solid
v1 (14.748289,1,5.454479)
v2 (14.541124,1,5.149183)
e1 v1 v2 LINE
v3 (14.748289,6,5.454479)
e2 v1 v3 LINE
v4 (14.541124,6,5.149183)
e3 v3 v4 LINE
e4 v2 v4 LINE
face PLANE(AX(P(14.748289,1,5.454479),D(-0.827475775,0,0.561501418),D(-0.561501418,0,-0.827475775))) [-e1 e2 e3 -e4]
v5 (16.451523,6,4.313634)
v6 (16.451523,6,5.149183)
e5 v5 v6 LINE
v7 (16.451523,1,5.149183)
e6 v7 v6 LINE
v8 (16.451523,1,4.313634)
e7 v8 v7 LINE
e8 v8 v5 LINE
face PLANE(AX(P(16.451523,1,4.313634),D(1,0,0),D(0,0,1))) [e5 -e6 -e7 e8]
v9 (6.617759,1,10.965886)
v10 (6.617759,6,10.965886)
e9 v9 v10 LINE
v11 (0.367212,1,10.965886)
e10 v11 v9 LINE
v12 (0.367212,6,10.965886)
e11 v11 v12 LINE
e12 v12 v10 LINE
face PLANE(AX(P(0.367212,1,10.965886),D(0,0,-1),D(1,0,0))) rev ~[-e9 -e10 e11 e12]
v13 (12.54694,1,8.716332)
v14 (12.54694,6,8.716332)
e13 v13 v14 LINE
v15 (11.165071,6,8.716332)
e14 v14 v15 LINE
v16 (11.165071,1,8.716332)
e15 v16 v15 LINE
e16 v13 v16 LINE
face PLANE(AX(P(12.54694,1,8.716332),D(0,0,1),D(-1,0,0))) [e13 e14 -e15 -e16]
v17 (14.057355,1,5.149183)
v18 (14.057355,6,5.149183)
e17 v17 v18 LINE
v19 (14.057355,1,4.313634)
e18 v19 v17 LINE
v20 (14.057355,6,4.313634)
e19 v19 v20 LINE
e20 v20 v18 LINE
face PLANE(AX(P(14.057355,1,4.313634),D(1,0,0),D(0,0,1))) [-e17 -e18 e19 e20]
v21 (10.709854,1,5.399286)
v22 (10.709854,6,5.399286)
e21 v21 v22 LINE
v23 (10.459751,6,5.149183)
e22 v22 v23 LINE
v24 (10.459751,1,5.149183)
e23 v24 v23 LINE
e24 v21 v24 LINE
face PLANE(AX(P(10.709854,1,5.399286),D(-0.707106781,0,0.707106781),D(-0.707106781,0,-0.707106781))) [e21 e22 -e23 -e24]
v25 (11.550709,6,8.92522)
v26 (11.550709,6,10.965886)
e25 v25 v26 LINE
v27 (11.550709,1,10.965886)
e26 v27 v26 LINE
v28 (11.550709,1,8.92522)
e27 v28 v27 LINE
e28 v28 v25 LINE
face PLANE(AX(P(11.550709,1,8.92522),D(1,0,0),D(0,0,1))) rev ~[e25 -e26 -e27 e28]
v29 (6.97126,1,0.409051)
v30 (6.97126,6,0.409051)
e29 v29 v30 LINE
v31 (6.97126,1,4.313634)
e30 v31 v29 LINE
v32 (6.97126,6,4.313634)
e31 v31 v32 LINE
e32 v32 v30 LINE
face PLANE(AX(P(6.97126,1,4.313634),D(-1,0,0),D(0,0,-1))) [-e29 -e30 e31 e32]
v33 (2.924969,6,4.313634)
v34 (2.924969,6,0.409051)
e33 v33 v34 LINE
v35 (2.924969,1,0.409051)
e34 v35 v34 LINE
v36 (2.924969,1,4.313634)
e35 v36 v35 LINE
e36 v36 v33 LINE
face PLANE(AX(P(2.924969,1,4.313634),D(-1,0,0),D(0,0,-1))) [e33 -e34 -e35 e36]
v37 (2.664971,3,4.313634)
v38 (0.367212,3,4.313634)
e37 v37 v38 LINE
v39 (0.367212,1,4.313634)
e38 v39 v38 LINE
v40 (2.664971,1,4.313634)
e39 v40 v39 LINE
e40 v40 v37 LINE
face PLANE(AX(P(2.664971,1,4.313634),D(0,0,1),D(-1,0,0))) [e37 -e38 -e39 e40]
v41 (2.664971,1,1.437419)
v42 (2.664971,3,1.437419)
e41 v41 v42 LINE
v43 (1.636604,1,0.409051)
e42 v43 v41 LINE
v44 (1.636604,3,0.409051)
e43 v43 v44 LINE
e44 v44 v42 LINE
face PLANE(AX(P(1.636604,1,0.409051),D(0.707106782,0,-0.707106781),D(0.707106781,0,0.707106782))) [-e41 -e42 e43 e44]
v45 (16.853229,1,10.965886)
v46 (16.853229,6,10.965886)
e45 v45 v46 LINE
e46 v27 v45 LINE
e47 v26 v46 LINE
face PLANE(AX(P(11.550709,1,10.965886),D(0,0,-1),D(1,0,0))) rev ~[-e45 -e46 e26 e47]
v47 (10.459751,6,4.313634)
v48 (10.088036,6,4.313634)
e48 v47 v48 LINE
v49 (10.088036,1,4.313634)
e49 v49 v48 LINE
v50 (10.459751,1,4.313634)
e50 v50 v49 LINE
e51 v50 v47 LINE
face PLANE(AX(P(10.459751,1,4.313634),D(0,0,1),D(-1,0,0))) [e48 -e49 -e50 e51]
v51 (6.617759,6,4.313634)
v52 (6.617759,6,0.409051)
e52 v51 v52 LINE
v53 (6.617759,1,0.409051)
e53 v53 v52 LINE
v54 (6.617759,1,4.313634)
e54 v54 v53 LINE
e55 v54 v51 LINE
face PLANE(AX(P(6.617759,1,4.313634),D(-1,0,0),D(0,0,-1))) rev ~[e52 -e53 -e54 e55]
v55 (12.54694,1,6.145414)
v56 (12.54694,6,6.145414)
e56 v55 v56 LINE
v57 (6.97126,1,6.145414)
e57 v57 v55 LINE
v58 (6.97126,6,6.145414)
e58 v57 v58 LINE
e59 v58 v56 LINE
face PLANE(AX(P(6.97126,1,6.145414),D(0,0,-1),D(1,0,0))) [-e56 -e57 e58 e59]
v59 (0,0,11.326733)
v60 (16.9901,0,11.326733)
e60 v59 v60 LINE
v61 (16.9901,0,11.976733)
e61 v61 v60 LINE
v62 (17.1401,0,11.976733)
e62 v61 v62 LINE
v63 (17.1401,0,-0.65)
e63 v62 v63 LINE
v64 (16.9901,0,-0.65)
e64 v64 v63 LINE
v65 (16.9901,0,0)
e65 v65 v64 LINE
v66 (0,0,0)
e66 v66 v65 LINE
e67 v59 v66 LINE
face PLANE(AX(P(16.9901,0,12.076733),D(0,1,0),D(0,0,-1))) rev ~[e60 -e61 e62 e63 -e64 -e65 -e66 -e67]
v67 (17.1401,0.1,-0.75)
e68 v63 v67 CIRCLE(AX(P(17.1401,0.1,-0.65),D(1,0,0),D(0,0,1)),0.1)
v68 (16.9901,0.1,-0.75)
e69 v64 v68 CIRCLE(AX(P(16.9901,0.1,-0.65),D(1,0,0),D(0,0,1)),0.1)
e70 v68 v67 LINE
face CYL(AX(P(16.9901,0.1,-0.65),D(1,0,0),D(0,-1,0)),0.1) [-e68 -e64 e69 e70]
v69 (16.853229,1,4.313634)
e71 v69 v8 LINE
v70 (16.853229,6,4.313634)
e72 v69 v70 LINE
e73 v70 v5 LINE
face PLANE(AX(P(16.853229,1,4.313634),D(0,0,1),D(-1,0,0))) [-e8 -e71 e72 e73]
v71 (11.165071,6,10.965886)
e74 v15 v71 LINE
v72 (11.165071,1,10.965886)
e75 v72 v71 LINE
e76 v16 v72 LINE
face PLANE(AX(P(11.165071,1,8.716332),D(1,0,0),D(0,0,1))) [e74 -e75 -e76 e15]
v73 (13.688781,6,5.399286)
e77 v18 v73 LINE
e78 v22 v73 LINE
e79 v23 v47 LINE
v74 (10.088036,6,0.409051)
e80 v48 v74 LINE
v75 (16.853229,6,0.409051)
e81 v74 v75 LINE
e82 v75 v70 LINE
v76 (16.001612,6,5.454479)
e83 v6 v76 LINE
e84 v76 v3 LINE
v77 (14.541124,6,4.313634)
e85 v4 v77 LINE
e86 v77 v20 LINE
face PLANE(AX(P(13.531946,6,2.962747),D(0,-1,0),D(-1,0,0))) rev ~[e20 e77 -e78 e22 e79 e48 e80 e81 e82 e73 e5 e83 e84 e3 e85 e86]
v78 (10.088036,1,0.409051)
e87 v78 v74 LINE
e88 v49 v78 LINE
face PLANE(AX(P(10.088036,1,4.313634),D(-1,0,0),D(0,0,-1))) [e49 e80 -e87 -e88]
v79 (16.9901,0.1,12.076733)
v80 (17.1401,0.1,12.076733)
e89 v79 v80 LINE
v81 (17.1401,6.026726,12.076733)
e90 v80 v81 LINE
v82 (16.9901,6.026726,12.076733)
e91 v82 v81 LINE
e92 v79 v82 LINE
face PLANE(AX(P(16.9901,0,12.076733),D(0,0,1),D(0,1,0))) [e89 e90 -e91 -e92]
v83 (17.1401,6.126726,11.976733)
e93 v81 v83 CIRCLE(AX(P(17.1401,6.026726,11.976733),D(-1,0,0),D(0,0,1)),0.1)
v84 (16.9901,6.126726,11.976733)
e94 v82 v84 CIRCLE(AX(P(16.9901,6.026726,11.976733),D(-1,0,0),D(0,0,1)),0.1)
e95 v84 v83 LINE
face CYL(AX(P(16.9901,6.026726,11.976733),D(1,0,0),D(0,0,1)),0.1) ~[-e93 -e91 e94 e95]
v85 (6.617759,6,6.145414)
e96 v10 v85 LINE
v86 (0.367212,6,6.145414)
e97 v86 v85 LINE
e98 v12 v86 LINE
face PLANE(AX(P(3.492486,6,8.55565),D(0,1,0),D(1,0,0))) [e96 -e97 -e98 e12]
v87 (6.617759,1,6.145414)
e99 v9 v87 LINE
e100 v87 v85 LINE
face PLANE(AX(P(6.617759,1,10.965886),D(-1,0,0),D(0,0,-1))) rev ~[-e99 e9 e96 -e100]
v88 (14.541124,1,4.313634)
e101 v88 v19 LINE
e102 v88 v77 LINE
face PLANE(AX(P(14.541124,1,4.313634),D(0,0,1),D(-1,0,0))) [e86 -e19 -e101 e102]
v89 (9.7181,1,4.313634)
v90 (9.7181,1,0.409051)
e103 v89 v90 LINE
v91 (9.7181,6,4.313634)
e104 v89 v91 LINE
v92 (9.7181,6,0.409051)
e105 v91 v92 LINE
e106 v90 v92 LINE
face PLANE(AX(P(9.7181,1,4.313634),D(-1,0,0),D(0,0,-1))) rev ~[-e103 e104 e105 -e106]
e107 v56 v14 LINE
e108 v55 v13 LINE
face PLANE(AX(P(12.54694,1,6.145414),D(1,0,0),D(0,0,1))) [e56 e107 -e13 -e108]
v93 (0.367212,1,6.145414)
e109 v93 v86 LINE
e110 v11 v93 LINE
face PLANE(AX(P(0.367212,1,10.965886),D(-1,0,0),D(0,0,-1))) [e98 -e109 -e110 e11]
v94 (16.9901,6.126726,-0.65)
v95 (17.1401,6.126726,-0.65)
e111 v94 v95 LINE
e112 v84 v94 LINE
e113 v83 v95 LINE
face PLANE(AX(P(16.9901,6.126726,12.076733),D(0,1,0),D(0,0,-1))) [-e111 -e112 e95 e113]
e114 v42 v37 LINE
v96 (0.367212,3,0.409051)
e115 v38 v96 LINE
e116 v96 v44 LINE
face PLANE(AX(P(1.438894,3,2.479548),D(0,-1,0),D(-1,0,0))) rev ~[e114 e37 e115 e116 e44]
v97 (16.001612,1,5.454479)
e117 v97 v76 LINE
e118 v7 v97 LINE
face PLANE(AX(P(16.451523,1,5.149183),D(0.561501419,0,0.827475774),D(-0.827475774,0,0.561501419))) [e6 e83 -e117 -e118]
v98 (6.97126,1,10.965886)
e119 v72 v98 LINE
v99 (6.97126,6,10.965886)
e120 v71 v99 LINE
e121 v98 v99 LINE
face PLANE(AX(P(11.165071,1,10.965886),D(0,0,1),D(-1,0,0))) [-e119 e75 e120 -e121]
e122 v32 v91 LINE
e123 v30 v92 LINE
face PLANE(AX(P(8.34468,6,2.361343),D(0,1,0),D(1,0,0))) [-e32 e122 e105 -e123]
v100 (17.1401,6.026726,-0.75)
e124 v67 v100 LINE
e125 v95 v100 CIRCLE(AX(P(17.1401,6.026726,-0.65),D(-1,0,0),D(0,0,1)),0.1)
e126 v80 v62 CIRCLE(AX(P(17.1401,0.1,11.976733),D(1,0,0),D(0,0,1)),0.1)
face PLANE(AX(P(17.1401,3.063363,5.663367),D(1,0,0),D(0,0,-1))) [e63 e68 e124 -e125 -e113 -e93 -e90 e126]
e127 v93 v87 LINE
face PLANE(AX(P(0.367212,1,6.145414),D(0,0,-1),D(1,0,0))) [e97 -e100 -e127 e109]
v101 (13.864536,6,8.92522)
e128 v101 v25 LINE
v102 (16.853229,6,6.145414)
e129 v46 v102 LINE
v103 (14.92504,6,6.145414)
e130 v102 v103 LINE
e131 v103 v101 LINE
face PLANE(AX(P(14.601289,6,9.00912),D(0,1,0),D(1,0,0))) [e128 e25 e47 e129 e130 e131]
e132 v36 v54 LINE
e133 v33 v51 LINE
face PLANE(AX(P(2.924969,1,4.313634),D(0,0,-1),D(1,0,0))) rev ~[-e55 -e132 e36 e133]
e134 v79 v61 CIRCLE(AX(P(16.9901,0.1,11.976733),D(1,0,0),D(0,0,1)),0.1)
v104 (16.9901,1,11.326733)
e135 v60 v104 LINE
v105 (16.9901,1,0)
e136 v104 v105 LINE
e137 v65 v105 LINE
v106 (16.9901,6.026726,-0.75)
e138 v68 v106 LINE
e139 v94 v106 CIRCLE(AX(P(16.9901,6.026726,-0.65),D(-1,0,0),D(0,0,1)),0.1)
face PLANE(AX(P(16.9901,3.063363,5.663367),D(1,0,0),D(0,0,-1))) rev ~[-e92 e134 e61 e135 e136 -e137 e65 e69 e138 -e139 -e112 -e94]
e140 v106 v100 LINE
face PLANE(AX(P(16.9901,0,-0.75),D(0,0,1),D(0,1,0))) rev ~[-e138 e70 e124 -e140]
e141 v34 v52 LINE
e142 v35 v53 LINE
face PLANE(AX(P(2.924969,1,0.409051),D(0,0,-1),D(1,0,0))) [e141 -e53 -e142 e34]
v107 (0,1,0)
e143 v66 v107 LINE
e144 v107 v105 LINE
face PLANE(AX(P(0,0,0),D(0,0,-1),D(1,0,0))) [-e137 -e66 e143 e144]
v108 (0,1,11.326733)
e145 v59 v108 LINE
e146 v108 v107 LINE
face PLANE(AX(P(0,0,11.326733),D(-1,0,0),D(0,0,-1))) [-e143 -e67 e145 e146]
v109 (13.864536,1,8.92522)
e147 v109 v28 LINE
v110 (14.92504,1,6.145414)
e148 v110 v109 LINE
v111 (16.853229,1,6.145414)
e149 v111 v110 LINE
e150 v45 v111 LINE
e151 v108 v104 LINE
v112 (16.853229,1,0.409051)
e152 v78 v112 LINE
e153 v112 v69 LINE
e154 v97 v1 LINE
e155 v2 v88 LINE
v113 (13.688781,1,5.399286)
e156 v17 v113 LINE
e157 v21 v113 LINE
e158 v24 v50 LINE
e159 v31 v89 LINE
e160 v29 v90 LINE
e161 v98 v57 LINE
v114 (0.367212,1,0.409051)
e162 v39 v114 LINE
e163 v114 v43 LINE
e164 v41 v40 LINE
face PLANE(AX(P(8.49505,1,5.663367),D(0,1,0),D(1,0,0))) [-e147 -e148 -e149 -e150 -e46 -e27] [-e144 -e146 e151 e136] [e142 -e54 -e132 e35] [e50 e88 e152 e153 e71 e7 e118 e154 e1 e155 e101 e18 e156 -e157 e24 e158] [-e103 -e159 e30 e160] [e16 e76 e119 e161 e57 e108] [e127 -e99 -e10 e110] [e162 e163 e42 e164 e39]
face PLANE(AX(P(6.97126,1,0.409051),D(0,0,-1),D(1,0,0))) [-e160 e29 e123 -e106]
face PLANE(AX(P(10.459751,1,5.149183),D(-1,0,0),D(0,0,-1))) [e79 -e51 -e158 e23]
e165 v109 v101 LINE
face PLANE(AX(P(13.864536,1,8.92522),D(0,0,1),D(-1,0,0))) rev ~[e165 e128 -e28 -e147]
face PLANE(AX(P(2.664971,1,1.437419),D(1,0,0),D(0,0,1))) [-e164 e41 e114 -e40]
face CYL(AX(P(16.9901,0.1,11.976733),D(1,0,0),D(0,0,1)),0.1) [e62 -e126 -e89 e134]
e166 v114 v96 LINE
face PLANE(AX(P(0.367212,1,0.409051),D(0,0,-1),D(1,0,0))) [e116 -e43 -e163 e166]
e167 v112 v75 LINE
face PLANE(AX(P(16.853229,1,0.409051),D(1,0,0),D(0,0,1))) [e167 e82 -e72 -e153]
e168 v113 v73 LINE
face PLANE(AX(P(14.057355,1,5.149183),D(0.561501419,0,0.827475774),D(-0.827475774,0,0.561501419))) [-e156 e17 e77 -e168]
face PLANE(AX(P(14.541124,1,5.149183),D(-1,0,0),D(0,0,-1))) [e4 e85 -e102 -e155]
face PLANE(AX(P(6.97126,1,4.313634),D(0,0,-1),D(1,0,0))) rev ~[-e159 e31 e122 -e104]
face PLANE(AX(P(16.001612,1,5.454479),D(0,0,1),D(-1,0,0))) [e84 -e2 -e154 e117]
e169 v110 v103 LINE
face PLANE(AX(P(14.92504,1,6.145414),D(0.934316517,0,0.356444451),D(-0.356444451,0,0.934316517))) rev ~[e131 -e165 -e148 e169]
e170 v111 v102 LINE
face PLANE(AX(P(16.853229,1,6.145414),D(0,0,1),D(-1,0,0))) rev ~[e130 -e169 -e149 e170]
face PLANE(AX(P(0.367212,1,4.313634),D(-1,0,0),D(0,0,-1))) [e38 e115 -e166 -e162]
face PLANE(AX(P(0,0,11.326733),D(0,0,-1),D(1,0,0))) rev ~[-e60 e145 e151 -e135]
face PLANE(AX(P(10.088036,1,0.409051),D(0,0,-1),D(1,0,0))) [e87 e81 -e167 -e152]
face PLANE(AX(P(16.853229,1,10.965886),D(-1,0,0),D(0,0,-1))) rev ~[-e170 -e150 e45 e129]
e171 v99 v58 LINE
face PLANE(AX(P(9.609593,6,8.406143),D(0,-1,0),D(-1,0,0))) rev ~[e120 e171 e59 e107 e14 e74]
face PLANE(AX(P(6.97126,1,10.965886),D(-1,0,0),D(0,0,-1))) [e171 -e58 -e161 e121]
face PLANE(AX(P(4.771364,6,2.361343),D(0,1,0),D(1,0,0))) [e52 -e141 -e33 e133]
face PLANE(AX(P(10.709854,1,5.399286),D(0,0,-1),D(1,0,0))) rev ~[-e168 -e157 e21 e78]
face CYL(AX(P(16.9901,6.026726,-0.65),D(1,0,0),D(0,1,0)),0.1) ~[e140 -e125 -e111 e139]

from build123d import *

# Parameters (mm, degrees)
SKETCH1_W           = 16.9901
SKETCH1_H           = 11.326733
BOSS_EXTRUDE1_DEPTH = 1
SKETCH2_W           = 12.826733
SKETCH2_H           = 6.1267257
BOSS_EXTRUDE2_DEPTH = 0.15
FILLET2_R           = 0.1
SKETCH3_W           = 6.250546152
SKETCH3_H           = 4.820472611
SKETCH3_W_2         = 2.746840533
SKETCH3_H_2         = 3.904582815
SKETCH3_W_3         = 3.692789168
BOSS_EXTRUDE3_DEPTH = 5
BOSS_EXTRUDE4_DEPTH = 2


with BuildPart() as part:
    # Sketch1 → Boss-Extrude1 (new body)
    with BuildSketch(Plane(origin=(0, 0, 0), x_dir=(1, 0, 0), z_dir=(0, 1, 0))):
        with Locations((8.49505, -5.6633665)):
            Rectangle(SKETCH1_W, SKETCH1_H)
    extrude(amount=BOSS_EXTRUDE1_DEPTH)

    # Sketch2 → Boss-Extrude2 (add)
    with BuildSketch(Plane(origin=(16.9901, 0, 0), x_dir=(0, 0, -1), z_dir=(1, 0, 0))):
        with Locations((-5.6633665, 3.06336285)):
            Rectangle(SKETCH2_W, SKETCH2_H)
    extrude(amount=BOSS_EXTRUDE2_DEPTH)

    # Fillet2
    fillet2_edges = [part.edges().sort_by_distance(p)[0] for p in [
        (17.0651, 6.1267257, 12.076733),
        (17.0651, 0, 12.076733),
        (17.0651, 0, -0.75),
        (17.0651, 6.1267257, -0.75),
    ]]
    fillet(fillet2_edges, radius=FILLET2_R)

    # Sketch3 → Boss-Extrude3 (add)
    with BuildSketch(Plane(origin=(0, 1, 0), x_dir=(1, 0, 0), z_dir=(0, 1, 0))):
        Polygon((6.971259917, -6.145413761), (12.546939904, -6.145413761), (12.546939904, -8.716332487), (11.165071089, -8.716332487), (11.165071089, -10.965886372), (6.971259917, -10.965886372), align=None)
        with Locations((3.492485517, -8.555650067)):
            Rectangle(SKETCH3_W, SKETCH3_H)
        Polygon((16.853228769, -6.145413761), (14.925039725, -6.145413761), (13.864535751, -8.925219633), (11.550708898, -8.925219633), (11.550708898, -10.965886372), (16.853228769, -10.965886372), align=None)
        Polygon((16.853228769, -0.409051354), (16.853228769, -4.313634169), (16.451522719, -4.313634169), (16.451522719, -5.149182755), (16.001611942, -5.454479354), (14.748289063, -5.454479354), (14.541123514, -5.149182755), (14.541123514, -4.313634169), (14.057354655, -4.313634169), (14.057354655, -5.149182755), (13.68878146, -5.399285995), (12.145233853, -5.399285995), (10.709853969, -5.399285995), (10.459750729, -5.149182755), (10.459750729, -4.313634169), (10.088036395, -4.313634169), (10.088036395, -0.409051354), align=None)
        with Locations((8.344680184, -2.361342761)):
            Rectangle(SKETCH3_W_2, SKETCH3_H_2)
        with Locations((4.771364009, -2.361342761)):
            Rectangle(SKETCH3_W_3, SKETCH3_H_2)
    extrude(amount=BOSS_EXTRUDE3_DEPTH)

    # Sketch4 → Boss-Extrude4 (add)
    with BuildSketch(Plane(origin=(0, 1, 0), x_dir=(1, 0, 0), z_dir=(0, 1, 0))):
        Polygon((0.367212441, -4.313634169), (0.367212441, -0.409051354), (1.636603562, -0.409051354), (2.664971052, -1.437418845), (2.664971052, -4.313634169), align=None)
    extrude(amount=BOSS_EXTRUDE4_DEPTH)


solid = part.part
